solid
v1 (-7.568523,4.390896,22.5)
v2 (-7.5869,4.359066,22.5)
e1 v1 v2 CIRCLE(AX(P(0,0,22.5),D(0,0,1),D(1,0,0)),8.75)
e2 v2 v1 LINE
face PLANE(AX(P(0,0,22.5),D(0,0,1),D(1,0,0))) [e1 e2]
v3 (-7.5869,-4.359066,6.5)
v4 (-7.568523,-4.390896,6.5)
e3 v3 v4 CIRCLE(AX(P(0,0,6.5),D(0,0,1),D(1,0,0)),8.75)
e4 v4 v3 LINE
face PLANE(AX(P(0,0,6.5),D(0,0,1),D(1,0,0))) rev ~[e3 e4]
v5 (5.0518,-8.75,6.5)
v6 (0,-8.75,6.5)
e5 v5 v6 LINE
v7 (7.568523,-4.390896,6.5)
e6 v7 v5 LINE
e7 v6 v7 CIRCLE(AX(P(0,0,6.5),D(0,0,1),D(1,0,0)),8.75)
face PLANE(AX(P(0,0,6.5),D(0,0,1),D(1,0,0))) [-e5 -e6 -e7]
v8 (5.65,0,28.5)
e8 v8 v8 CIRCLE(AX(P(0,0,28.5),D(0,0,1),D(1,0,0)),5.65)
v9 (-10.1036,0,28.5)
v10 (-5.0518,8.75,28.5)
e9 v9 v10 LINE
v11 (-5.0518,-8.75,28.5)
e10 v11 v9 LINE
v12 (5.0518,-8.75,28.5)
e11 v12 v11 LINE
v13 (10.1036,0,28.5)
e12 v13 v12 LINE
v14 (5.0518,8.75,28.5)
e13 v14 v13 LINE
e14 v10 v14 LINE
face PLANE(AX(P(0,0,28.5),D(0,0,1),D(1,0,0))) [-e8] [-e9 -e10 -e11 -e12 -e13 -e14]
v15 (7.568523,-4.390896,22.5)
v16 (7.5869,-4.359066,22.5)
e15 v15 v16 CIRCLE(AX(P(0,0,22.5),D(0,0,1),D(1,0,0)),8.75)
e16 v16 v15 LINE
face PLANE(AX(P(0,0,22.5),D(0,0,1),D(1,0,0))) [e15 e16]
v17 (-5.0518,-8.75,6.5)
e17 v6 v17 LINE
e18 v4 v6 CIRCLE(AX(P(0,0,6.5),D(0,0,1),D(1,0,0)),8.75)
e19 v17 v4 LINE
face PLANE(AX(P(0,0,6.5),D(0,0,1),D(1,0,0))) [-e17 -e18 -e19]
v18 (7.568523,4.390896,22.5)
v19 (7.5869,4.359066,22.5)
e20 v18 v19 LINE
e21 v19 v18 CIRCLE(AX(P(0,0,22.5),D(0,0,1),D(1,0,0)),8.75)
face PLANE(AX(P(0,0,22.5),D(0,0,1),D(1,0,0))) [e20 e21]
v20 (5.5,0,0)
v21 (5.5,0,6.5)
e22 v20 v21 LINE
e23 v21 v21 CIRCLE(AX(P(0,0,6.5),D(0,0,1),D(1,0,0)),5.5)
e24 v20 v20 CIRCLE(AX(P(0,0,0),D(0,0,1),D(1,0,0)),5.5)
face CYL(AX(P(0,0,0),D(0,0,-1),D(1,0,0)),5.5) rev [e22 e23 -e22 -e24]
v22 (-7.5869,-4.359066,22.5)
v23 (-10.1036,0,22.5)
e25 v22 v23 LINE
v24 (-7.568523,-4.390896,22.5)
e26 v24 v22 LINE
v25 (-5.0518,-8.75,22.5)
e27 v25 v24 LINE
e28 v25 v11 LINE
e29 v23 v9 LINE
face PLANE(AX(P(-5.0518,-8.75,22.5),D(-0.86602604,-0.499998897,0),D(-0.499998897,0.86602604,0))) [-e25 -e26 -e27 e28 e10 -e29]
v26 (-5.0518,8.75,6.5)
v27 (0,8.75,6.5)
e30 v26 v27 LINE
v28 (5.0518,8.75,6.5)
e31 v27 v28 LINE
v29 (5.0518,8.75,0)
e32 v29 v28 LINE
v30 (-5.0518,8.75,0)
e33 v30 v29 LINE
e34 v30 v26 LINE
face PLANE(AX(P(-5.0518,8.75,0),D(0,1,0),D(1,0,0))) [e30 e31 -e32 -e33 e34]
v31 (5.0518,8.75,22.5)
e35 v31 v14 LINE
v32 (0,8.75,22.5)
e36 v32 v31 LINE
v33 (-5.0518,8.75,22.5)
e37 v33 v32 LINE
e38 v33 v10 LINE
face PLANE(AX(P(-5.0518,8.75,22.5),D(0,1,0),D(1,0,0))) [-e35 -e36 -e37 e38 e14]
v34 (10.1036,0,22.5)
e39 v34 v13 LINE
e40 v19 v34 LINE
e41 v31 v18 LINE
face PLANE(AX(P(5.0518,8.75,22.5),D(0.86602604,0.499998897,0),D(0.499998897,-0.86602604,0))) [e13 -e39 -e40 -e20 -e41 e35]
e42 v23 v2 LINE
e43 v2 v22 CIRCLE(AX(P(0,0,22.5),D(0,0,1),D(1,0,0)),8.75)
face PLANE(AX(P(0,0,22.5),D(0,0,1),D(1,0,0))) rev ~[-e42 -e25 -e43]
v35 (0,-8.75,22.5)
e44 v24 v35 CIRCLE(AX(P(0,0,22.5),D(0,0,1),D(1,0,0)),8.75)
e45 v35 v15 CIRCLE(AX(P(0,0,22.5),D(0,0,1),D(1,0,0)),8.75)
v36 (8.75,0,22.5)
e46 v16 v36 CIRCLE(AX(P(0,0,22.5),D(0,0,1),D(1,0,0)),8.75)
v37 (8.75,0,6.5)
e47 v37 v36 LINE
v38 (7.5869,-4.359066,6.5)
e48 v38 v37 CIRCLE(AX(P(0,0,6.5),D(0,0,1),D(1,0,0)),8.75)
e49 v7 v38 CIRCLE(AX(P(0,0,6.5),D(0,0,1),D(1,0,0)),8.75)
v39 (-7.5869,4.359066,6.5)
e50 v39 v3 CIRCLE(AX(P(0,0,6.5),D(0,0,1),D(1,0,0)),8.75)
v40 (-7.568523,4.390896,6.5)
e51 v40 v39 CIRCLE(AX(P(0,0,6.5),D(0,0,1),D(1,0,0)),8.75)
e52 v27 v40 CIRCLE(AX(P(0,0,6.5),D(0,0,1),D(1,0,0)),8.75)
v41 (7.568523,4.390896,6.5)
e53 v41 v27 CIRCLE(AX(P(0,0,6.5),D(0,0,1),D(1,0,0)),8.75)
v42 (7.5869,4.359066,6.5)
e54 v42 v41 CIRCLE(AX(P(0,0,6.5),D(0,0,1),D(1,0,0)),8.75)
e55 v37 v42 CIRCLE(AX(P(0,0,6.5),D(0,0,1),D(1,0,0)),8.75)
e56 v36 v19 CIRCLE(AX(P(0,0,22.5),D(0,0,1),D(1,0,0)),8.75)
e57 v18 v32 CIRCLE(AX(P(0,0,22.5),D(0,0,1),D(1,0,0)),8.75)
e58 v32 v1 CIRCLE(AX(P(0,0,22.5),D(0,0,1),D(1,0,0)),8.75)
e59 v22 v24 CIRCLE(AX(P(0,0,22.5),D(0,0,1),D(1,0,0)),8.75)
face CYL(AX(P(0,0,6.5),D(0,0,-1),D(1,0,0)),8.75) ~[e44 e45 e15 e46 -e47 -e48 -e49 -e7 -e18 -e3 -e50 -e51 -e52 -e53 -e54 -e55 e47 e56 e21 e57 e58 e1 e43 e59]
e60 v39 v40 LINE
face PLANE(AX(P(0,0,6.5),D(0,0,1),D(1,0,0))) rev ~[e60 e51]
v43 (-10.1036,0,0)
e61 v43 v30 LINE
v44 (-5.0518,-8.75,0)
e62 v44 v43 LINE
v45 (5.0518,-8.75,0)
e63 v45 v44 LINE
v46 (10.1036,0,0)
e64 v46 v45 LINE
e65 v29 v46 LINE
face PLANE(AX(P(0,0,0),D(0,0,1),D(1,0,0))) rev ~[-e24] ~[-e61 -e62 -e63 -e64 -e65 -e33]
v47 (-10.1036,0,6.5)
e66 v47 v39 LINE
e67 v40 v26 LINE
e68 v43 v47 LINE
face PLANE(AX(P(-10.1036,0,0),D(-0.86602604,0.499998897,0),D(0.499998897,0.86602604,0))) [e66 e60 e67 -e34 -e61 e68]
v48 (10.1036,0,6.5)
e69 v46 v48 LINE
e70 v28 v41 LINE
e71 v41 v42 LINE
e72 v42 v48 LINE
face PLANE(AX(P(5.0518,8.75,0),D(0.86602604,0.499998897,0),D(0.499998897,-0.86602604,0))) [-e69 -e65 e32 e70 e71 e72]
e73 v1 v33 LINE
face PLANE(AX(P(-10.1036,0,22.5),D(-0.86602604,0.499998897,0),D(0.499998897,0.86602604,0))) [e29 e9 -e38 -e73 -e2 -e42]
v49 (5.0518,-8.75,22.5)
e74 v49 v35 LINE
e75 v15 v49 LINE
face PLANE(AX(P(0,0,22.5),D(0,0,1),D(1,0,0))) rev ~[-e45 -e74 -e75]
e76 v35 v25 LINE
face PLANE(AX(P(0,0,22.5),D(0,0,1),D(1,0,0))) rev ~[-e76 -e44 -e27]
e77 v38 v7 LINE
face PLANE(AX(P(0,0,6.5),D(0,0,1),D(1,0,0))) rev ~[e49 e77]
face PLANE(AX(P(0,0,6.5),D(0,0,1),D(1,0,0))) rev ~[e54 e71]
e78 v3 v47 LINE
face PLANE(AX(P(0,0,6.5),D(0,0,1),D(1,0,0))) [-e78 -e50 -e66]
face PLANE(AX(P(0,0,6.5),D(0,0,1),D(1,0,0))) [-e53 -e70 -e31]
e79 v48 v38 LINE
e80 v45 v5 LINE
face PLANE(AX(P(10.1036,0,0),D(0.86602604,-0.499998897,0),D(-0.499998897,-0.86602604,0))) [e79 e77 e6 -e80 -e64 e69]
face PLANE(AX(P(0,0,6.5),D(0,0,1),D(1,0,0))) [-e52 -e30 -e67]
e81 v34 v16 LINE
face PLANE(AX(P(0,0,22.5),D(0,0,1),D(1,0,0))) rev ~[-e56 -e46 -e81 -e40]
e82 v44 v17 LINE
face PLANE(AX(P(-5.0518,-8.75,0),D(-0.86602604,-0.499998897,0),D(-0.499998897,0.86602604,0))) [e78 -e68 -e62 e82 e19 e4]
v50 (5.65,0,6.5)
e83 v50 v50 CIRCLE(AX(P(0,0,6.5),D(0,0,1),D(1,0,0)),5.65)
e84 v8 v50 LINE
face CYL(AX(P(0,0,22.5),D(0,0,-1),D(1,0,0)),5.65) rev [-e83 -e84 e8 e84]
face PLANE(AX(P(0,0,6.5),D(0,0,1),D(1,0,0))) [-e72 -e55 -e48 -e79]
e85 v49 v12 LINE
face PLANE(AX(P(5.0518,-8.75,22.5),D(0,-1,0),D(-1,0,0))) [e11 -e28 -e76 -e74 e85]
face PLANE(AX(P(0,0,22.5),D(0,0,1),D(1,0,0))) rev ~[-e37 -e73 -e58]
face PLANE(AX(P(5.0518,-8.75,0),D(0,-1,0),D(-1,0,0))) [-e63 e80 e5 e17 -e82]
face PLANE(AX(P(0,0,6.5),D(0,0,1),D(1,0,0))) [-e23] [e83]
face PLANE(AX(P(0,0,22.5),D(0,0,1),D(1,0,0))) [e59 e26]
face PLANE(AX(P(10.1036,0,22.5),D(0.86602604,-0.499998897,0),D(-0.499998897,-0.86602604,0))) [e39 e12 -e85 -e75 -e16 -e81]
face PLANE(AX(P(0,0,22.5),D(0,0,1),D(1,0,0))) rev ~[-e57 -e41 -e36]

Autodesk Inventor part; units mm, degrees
ref_plane "YZ Plane" through (0, 0, 0) normal (1, 0, 0) x (0, 1, 0)
ref_plane "XZ Plane" through (0, 0, 0) normal (0, 1, 0) x (-1, 0, 0)
ref_plane "XY Plane" through (0, 0, 0) normal (0, 0, 1) x (1, 0, 0)
sketch "Sketch1" plane through (0, 0, 0) normal (0, 0, 1) x (1, 0, 0)
  line L0 (10.1036, 0) -> (5.0518, -8.75)
  line L1 (5.0518, -8.75) -> (-5.0518, -8.75)
  line L2 (-5.0518, -8.75) -> (-10.1036, 0)
  line L3 (-10.1036, 0) -> (-5.0518, 8.75)
  line L4 (-5.0518, 8.75) -> (5.0518, 8.75)
  line L5 (5.0518, 8.75) -> (10.1036, 0)
  circle A0 centre (0, 0) radius 5.5
  dimension "d0" = 17.5
  dimension "d1" = 11
extrude "Extrusion1" add sketch "Sketch1" along normal blind 6.5
sketch "Sketch2" plane through (0, 0, 6.5) normal (0, 0, 1) x (1, 0, 0)
  circle A0 centre (0, 0) radius 8.75
  circle A1 centre (0, 0) radius 5.65
  dimension "d4" = 17.5
  dimension "d5" = 11.3
extrude "Extrusion2" add sketch "Sketch2" along normal blind 16
sketch "Sketch3" plane through (0, 0, 22.5) normal (0, 0, 1) x (1, 0, 0)
  circle A0 centre (0, 0) radius 5.65 projected
  line L0 (10.1036, 0) -> (5.0518, -8.75)
  line L1 (5.0518, -8.75) -> (-5.0518, -8.75)
  line L2 (-5.0518, -8.75) -> (-10.1036, 0)
  line L3 (-10.1036, 0) -> (-5.0518, 8.75)
  line L4 (-5.0518, 8.75) -> (5.0518, 8.75)
  line L5 (5.0518, 8.75) -> (10.1036, 0)
  dimension "d8" = 17.5
extrude "Extrusion3" add sketch "Sketch3" along normal blind 6
properties part number "AcopleIntermedio" material "Copper"
